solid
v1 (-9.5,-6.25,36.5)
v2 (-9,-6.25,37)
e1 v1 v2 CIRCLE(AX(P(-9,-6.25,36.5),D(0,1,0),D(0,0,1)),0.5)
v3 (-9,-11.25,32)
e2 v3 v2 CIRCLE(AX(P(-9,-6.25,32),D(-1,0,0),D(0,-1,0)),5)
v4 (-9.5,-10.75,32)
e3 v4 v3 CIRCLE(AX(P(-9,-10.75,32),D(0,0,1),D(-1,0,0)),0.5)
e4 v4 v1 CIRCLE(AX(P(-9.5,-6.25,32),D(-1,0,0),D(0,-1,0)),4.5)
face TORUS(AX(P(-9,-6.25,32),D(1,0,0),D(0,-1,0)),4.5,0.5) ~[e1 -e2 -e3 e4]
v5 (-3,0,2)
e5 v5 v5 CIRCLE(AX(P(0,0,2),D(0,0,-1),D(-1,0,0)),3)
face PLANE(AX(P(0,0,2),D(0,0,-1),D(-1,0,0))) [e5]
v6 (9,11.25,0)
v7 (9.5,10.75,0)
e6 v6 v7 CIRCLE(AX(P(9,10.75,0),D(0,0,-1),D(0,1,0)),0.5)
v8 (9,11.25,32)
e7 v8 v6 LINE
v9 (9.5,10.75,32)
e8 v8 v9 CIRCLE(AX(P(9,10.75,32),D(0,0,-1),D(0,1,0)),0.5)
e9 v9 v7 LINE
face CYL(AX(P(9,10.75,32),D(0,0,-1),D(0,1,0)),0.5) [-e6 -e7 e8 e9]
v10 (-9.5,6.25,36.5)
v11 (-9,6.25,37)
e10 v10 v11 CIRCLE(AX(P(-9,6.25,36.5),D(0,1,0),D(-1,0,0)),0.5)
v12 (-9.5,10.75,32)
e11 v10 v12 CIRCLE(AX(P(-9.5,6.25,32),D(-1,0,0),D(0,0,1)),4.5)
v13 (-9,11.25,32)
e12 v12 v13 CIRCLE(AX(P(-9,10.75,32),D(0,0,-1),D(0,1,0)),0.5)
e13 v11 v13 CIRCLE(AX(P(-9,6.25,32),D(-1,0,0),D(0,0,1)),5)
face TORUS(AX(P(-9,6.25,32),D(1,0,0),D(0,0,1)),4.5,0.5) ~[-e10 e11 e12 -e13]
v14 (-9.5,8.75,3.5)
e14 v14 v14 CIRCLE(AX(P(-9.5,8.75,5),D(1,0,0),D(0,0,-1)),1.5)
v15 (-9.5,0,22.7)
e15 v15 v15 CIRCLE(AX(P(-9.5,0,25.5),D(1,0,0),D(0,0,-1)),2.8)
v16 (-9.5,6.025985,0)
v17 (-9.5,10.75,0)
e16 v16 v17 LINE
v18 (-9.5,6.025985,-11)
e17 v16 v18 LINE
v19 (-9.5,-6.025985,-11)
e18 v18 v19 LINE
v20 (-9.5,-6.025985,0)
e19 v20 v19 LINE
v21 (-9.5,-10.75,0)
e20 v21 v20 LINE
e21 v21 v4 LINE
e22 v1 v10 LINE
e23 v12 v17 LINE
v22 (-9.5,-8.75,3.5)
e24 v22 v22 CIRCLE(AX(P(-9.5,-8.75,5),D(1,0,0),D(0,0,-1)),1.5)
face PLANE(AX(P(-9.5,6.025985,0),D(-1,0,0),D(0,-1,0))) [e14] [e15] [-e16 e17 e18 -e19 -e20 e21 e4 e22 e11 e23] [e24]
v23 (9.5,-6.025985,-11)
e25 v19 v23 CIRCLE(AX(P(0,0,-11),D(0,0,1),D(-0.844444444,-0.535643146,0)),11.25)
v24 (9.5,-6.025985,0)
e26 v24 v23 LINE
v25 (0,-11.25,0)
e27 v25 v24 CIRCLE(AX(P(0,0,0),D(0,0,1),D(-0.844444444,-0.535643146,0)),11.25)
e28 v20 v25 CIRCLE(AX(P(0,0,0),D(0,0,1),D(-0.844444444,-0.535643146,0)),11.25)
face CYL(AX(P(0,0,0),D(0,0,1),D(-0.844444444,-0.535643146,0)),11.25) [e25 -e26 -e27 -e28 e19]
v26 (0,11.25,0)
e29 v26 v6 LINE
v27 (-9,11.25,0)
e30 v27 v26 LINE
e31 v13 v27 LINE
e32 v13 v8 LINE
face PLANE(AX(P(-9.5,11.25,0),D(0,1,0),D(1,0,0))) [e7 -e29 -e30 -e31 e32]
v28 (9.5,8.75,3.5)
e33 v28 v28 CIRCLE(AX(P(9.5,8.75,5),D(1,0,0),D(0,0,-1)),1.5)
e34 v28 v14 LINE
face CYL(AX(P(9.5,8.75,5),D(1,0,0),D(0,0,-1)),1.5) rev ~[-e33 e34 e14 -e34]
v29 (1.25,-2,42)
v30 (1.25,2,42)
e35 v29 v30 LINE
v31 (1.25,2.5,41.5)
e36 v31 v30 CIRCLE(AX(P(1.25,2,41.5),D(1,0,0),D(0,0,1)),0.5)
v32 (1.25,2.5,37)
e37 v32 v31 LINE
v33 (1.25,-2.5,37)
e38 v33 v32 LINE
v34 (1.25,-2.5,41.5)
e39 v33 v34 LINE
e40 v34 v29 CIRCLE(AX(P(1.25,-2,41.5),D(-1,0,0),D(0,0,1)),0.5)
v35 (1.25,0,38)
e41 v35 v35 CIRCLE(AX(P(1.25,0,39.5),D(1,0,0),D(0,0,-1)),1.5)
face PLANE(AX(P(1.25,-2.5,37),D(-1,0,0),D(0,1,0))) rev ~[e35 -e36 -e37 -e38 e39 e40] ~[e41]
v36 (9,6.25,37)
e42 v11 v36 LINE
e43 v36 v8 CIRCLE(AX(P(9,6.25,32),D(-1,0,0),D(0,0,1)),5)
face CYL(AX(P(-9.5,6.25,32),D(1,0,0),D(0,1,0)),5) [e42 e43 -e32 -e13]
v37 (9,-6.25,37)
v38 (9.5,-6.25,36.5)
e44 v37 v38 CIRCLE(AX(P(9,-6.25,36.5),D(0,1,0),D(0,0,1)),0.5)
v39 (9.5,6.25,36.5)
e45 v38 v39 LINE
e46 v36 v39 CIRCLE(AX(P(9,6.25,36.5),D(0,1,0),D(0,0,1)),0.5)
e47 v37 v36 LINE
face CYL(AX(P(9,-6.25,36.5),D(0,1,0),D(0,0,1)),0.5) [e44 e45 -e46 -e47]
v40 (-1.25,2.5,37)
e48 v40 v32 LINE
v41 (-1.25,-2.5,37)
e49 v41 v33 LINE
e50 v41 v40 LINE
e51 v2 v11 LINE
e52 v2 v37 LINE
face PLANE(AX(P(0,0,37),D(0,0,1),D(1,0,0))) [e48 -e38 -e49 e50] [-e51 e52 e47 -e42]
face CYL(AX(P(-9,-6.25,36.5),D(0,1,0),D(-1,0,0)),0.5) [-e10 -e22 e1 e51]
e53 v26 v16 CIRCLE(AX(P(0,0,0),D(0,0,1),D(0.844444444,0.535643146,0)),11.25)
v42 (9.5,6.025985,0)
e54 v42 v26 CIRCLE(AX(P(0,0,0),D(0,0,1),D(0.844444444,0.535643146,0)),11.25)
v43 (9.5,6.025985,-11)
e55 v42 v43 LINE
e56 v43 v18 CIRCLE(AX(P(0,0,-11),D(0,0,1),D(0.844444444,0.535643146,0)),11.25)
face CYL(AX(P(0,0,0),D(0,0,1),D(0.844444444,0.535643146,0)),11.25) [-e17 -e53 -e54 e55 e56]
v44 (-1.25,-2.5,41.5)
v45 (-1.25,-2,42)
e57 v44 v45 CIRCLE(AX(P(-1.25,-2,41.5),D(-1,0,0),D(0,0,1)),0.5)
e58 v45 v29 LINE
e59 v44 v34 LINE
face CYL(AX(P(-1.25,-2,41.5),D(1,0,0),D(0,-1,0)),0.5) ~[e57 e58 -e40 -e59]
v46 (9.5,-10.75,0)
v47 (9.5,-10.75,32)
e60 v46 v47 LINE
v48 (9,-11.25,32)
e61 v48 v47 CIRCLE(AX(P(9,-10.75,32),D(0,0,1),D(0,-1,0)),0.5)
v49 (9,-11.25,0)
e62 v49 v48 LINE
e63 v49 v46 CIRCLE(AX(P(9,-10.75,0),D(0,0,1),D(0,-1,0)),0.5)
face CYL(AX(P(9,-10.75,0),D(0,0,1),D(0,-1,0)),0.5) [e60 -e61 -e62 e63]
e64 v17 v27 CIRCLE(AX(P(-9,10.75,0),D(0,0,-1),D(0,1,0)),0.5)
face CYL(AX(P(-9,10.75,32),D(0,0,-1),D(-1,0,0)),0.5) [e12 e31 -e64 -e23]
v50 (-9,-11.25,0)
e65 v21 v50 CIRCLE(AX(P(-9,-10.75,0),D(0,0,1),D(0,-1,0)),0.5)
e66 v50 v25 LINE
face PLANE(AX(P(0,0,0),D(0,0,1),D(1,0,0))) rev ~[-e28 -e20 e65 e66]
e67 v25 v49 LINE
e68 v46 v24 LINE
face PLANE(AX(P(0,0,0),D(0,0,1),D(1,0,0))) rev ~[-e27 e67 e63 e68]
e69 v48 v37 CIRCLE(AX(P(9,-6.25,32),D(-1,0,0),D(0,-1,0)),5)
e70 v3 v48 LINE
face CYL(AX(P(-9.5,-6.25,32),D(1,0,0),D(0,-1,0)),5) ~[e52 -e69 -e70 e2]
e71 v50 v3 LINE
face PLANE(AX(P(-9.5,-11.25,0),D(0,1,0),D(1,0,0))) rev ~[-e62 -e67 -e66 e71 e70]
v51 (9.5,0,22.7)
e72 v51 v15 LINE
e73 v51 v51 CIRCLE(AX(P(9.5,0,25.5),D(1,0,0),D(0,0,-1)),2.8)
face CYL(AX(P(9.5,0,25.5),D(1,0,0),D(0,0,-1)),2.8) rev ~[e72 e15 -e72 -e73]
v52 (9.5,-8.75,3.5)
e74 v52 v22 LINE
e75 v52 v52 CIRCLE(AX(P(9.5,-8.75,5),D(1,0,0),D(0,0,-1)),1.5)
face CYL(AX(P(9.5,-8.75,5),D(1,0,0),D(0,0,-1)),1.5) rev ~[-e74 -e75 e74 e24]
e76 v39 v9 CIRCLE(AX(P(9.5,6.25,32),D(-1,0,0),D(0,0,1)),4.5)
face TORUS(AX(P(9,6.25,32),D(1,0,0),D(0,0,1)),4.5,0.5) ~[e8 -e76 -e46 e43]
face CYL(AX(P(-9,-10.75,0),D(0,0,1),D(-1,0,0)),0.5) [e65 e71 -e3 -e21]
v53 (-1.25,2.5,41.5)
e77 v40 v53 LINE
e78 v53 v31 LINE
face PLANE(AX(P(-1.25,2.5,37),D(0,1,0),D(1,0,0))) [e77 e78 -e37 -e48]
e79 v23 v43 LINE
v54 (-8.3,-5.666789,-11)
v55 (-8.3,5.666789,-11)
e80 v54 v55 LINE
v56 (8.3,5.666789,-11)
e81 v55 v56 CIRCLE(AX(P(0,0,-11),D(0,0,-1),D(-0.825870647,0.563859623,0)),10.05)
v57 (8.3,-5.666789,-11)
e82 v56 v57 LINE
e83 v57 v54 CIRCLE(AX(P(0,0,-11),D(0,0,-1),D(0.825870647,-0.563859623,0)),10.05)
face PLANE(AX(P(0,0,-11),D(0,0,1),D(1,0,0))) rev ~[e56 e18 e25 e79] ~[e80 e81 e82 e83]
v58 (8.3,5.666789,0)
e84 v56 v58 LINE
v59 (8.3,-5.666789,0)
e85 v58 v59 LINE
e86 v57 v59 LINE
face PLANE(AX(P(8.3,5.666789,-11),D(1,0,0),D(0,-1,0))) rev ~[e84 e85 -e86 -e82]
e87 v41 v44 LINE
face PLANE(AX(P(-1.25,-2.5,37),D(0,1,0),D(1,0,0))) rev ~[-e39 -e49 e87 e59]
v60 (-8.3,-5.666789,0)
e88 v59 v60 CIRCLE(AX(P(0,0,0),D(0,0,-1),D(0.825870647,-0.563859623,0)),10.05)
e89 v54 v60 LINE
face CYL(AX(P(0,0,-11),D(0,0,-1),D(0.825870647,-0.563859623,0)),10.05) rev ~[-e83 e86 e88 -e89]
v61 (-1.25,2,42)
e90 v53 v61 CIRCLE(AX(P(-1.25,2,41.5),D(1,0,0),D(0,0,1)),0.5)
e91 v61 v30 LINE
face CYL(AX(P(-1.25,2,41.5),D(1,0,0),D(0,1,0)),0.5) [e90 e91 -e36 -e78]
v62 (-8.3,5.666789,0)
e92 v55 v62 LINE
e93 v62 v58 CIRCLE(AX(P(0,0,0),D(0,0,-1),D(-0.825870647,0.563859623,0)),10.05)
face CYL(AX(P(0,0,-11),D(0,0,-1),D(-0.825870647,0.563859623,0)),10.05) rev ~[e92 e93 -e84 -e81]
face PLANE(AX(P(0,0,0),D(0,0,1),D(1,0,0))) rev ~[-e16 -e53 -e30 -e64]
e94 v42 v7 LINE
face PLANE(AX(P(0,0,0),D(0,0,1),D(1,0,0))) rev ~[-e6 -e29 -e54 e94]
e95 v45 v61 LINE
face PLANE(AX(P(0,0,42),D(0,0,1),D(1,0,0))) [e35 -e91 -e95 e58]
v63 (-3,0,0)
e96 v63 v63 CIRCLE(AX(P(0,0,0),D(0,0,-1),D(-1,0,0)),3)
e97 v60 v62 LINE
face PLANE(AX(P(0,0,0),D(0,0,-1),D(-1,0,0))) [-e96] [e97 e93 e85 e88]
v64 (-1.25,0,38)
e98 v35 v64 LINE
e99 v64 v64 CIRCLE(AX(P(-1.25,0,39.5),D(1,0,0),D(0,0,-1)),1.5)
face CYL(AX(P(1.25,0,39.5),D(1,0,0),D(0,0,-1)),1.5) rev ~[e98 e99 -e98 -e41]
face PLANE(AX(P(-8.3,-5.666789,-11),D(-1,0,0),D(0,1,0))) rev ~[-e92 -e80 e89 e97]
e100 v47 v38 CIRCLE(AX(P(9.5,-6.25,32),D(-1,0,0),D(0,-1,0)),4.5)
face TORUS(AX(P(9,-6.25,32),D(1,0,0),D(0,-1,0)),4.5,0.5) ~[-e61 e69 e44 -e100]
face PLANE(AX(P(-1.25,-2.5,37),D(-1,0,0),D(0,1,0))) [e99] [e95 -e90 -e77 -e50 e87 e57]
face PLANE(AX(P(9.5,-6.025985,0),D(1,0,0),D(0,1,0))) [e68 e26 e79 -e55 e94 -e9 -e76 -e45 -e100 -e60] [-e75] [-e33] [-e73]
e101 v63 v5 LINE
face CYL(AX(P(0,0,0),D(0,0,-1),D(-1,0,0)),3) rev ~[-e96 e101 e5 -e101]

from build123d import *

# Parameters (mm, degrees)
SKETCH1_W           = 19
SKETCH1_H           = 22.5
BOSS_EXTRUDE1_DEPTH = 37
BOSS_EXTRUDE2_DEPTH = 11
FILLET1_R           = 5
SKETCH3_R           = 1.5
CUT_EXTRUDE1_DEPTH  = 20
SKETCH4_W           = 2.5
SKETCH4_H           = 5
BOSS_EXTRUDE3_DEPTH = 5
FILLET2_R           = 0.5
SKETCH5_R           = 1.5
CUT_EXTRUDE2_DEPTH  = 5
SKETCH6_R           = 2.8
CUT_EXTRUDE3_DEPTH  = 20
CUT_EXTRUDE4_DEPTH  = 11
SKETCH8_R           = 3
CUT_EXTRUDE5_DEPTH  = 2


with BuildPart() as part:
    # Sketch1 → Boss-Extrude1 (new body)
    with BuildSketch(Plane.XY):
        Rectangle(SKETCH1_W, SKETCH1_H)
    extrude(amount=BOSS_EXTRUDE1_DEPTH)

    # Sketch2 → Boss-Extrude2 (add)
    with BuildSketch(Plane(origin=(0, 0, 0), x_dir=(-1, 0, 0), z_dir=(0, 0, -1))):
        with BuildLine():
            Line((9.5, 6.025985397), (9.5, -6.025985397))
            ThreePointArc((9.5, -6.025985397), (0, -11.25), (-9.5, -6.025985397))
            Line((-9.5, -6.025985397), (-9.5, 6.025985397))
            ThreePointArc((-9.5, 6.025985397), (0, 11.25), (9.5, 6.025985397))
        make_face()
    extrude(amount=BOSS_EXTRUDE2_DEPTH)

    # Fillet1
    fillet1_edges = [part.edges().sort_by_distance(p)[0] for p in [
        (0, 11.25, 37),
        (0, -11.25, 37),
    ]]
    fillet(fillet1_edges, radius=FILLET1_R)

    # Sketch3 → Cut-Extrude1 (cut, through all)
    with BuildSketch(Plane(origin=(9.5, 0, 0), x_dir=(0, 0, -1), z_dir=(1, 0, 0))):
        with Locations((-5, 8.75)):
            Circle(SKETCH3_R)
        with Locations((-5, -8.75)):
            Circle(SKETCH3_R)
    extrude(amount=-CUT_EXTRUDE1_DEPTH, mode=Mode.SUBTRACT)

    # Sketch4 → Boss-Extrude3 (add)
    with BuildSketch(Plane.XY.offset(37)):
        Rectangle(SKETCH4_W, SKETCH4_H)
    extrude(amount=BOSS_EXTRUDE3_DEPTH)

    # Fillet2
    fillet2_edges = [part.edges().sort_by_distance(p)[0] for p in [
        (-9.5, 0, 37),
        (9.5, 0, 37),
        (9.5, 11.25, 16),
        (9.5, -11.25, 16),
        (9.5, 9.785533906, 35.535533906),
        (9.5, -9.785533906, 35.535533906),
        (-9.5, -11.25, 16),
        (-9.5, 11.25, 16),
        (-9.5, 9.785533906, 35.535533906),
        (-9.5, -9.785533906, 35.535533906),
        (0, -2.5, 42),
        (0, 2.5, 42),
    ]]
    fillet(fillet2_edges, radius=FILLET2_R)

    # Sketch5 → Cut-Extrude2 (cut)
    with BuildSketch(Plane(origin=(1.25, 0, 0), x_dir=(0, 0, -1), z_dir=(1, 0, 0))):
        with Locations((-39.5, 0)):
            Circle(SKETCH5_R)
    extrude(amount=-CUT_EXTRUDE2_DEPTH, mode=Mode.SUBTRACT)

    # Sketch6 → Cut-Extrude3 (cut, through all)
    with BuildSketch(Plane(origin=(9.5, 0, 0), x_dir=(0, 0, -1), z_dir=(1, 0, 0))):
        with Locations((-25.5, 0)):
            Circle(SKETCH6_R)
    extrude(amount=-CUT_EXTRUDE3_DEPTH, mode=Mode.SUBTRACT)

    # Sketch7 → Cut-Extrude4 (cut)
    with BuildSketch(Plane(origin=(0, 0, -11), x_dir=(-1, 0, 0), z_dir=(0, 0, -1))):
        with BuildLine():
            Line((-8.3, 5.666789214), (-8.3, -5.666789214))
            ThreePointArc((-8.3, -5.666789214), (0, -10.05), (8.3, -5.666789214))
            Line((8.3, -5.666789214), (8.3, 5.666789214))
            ThreePointArc((8.3, 5.666789214), (0, 10.05), (-8.3, 5.666789214))
        make_face()
    extrude(amount=-CUT_EXTRUDE4_DEPTH, mode=Mode.SUBTRACT)

    # Sketch8 → Cut-Extrude5 (cut)
    with BuildSketch(Plane(origin=(0, 0, 0), x_dir=(-1, 0, 0), z_dir=(0, 0, -1))):
        Circle(SKETCH8_R)
    extrude(amount=-CUT_EXTRUDE5_DEPTH, mode=Mode.SUBTRACT)


solid = part.part
